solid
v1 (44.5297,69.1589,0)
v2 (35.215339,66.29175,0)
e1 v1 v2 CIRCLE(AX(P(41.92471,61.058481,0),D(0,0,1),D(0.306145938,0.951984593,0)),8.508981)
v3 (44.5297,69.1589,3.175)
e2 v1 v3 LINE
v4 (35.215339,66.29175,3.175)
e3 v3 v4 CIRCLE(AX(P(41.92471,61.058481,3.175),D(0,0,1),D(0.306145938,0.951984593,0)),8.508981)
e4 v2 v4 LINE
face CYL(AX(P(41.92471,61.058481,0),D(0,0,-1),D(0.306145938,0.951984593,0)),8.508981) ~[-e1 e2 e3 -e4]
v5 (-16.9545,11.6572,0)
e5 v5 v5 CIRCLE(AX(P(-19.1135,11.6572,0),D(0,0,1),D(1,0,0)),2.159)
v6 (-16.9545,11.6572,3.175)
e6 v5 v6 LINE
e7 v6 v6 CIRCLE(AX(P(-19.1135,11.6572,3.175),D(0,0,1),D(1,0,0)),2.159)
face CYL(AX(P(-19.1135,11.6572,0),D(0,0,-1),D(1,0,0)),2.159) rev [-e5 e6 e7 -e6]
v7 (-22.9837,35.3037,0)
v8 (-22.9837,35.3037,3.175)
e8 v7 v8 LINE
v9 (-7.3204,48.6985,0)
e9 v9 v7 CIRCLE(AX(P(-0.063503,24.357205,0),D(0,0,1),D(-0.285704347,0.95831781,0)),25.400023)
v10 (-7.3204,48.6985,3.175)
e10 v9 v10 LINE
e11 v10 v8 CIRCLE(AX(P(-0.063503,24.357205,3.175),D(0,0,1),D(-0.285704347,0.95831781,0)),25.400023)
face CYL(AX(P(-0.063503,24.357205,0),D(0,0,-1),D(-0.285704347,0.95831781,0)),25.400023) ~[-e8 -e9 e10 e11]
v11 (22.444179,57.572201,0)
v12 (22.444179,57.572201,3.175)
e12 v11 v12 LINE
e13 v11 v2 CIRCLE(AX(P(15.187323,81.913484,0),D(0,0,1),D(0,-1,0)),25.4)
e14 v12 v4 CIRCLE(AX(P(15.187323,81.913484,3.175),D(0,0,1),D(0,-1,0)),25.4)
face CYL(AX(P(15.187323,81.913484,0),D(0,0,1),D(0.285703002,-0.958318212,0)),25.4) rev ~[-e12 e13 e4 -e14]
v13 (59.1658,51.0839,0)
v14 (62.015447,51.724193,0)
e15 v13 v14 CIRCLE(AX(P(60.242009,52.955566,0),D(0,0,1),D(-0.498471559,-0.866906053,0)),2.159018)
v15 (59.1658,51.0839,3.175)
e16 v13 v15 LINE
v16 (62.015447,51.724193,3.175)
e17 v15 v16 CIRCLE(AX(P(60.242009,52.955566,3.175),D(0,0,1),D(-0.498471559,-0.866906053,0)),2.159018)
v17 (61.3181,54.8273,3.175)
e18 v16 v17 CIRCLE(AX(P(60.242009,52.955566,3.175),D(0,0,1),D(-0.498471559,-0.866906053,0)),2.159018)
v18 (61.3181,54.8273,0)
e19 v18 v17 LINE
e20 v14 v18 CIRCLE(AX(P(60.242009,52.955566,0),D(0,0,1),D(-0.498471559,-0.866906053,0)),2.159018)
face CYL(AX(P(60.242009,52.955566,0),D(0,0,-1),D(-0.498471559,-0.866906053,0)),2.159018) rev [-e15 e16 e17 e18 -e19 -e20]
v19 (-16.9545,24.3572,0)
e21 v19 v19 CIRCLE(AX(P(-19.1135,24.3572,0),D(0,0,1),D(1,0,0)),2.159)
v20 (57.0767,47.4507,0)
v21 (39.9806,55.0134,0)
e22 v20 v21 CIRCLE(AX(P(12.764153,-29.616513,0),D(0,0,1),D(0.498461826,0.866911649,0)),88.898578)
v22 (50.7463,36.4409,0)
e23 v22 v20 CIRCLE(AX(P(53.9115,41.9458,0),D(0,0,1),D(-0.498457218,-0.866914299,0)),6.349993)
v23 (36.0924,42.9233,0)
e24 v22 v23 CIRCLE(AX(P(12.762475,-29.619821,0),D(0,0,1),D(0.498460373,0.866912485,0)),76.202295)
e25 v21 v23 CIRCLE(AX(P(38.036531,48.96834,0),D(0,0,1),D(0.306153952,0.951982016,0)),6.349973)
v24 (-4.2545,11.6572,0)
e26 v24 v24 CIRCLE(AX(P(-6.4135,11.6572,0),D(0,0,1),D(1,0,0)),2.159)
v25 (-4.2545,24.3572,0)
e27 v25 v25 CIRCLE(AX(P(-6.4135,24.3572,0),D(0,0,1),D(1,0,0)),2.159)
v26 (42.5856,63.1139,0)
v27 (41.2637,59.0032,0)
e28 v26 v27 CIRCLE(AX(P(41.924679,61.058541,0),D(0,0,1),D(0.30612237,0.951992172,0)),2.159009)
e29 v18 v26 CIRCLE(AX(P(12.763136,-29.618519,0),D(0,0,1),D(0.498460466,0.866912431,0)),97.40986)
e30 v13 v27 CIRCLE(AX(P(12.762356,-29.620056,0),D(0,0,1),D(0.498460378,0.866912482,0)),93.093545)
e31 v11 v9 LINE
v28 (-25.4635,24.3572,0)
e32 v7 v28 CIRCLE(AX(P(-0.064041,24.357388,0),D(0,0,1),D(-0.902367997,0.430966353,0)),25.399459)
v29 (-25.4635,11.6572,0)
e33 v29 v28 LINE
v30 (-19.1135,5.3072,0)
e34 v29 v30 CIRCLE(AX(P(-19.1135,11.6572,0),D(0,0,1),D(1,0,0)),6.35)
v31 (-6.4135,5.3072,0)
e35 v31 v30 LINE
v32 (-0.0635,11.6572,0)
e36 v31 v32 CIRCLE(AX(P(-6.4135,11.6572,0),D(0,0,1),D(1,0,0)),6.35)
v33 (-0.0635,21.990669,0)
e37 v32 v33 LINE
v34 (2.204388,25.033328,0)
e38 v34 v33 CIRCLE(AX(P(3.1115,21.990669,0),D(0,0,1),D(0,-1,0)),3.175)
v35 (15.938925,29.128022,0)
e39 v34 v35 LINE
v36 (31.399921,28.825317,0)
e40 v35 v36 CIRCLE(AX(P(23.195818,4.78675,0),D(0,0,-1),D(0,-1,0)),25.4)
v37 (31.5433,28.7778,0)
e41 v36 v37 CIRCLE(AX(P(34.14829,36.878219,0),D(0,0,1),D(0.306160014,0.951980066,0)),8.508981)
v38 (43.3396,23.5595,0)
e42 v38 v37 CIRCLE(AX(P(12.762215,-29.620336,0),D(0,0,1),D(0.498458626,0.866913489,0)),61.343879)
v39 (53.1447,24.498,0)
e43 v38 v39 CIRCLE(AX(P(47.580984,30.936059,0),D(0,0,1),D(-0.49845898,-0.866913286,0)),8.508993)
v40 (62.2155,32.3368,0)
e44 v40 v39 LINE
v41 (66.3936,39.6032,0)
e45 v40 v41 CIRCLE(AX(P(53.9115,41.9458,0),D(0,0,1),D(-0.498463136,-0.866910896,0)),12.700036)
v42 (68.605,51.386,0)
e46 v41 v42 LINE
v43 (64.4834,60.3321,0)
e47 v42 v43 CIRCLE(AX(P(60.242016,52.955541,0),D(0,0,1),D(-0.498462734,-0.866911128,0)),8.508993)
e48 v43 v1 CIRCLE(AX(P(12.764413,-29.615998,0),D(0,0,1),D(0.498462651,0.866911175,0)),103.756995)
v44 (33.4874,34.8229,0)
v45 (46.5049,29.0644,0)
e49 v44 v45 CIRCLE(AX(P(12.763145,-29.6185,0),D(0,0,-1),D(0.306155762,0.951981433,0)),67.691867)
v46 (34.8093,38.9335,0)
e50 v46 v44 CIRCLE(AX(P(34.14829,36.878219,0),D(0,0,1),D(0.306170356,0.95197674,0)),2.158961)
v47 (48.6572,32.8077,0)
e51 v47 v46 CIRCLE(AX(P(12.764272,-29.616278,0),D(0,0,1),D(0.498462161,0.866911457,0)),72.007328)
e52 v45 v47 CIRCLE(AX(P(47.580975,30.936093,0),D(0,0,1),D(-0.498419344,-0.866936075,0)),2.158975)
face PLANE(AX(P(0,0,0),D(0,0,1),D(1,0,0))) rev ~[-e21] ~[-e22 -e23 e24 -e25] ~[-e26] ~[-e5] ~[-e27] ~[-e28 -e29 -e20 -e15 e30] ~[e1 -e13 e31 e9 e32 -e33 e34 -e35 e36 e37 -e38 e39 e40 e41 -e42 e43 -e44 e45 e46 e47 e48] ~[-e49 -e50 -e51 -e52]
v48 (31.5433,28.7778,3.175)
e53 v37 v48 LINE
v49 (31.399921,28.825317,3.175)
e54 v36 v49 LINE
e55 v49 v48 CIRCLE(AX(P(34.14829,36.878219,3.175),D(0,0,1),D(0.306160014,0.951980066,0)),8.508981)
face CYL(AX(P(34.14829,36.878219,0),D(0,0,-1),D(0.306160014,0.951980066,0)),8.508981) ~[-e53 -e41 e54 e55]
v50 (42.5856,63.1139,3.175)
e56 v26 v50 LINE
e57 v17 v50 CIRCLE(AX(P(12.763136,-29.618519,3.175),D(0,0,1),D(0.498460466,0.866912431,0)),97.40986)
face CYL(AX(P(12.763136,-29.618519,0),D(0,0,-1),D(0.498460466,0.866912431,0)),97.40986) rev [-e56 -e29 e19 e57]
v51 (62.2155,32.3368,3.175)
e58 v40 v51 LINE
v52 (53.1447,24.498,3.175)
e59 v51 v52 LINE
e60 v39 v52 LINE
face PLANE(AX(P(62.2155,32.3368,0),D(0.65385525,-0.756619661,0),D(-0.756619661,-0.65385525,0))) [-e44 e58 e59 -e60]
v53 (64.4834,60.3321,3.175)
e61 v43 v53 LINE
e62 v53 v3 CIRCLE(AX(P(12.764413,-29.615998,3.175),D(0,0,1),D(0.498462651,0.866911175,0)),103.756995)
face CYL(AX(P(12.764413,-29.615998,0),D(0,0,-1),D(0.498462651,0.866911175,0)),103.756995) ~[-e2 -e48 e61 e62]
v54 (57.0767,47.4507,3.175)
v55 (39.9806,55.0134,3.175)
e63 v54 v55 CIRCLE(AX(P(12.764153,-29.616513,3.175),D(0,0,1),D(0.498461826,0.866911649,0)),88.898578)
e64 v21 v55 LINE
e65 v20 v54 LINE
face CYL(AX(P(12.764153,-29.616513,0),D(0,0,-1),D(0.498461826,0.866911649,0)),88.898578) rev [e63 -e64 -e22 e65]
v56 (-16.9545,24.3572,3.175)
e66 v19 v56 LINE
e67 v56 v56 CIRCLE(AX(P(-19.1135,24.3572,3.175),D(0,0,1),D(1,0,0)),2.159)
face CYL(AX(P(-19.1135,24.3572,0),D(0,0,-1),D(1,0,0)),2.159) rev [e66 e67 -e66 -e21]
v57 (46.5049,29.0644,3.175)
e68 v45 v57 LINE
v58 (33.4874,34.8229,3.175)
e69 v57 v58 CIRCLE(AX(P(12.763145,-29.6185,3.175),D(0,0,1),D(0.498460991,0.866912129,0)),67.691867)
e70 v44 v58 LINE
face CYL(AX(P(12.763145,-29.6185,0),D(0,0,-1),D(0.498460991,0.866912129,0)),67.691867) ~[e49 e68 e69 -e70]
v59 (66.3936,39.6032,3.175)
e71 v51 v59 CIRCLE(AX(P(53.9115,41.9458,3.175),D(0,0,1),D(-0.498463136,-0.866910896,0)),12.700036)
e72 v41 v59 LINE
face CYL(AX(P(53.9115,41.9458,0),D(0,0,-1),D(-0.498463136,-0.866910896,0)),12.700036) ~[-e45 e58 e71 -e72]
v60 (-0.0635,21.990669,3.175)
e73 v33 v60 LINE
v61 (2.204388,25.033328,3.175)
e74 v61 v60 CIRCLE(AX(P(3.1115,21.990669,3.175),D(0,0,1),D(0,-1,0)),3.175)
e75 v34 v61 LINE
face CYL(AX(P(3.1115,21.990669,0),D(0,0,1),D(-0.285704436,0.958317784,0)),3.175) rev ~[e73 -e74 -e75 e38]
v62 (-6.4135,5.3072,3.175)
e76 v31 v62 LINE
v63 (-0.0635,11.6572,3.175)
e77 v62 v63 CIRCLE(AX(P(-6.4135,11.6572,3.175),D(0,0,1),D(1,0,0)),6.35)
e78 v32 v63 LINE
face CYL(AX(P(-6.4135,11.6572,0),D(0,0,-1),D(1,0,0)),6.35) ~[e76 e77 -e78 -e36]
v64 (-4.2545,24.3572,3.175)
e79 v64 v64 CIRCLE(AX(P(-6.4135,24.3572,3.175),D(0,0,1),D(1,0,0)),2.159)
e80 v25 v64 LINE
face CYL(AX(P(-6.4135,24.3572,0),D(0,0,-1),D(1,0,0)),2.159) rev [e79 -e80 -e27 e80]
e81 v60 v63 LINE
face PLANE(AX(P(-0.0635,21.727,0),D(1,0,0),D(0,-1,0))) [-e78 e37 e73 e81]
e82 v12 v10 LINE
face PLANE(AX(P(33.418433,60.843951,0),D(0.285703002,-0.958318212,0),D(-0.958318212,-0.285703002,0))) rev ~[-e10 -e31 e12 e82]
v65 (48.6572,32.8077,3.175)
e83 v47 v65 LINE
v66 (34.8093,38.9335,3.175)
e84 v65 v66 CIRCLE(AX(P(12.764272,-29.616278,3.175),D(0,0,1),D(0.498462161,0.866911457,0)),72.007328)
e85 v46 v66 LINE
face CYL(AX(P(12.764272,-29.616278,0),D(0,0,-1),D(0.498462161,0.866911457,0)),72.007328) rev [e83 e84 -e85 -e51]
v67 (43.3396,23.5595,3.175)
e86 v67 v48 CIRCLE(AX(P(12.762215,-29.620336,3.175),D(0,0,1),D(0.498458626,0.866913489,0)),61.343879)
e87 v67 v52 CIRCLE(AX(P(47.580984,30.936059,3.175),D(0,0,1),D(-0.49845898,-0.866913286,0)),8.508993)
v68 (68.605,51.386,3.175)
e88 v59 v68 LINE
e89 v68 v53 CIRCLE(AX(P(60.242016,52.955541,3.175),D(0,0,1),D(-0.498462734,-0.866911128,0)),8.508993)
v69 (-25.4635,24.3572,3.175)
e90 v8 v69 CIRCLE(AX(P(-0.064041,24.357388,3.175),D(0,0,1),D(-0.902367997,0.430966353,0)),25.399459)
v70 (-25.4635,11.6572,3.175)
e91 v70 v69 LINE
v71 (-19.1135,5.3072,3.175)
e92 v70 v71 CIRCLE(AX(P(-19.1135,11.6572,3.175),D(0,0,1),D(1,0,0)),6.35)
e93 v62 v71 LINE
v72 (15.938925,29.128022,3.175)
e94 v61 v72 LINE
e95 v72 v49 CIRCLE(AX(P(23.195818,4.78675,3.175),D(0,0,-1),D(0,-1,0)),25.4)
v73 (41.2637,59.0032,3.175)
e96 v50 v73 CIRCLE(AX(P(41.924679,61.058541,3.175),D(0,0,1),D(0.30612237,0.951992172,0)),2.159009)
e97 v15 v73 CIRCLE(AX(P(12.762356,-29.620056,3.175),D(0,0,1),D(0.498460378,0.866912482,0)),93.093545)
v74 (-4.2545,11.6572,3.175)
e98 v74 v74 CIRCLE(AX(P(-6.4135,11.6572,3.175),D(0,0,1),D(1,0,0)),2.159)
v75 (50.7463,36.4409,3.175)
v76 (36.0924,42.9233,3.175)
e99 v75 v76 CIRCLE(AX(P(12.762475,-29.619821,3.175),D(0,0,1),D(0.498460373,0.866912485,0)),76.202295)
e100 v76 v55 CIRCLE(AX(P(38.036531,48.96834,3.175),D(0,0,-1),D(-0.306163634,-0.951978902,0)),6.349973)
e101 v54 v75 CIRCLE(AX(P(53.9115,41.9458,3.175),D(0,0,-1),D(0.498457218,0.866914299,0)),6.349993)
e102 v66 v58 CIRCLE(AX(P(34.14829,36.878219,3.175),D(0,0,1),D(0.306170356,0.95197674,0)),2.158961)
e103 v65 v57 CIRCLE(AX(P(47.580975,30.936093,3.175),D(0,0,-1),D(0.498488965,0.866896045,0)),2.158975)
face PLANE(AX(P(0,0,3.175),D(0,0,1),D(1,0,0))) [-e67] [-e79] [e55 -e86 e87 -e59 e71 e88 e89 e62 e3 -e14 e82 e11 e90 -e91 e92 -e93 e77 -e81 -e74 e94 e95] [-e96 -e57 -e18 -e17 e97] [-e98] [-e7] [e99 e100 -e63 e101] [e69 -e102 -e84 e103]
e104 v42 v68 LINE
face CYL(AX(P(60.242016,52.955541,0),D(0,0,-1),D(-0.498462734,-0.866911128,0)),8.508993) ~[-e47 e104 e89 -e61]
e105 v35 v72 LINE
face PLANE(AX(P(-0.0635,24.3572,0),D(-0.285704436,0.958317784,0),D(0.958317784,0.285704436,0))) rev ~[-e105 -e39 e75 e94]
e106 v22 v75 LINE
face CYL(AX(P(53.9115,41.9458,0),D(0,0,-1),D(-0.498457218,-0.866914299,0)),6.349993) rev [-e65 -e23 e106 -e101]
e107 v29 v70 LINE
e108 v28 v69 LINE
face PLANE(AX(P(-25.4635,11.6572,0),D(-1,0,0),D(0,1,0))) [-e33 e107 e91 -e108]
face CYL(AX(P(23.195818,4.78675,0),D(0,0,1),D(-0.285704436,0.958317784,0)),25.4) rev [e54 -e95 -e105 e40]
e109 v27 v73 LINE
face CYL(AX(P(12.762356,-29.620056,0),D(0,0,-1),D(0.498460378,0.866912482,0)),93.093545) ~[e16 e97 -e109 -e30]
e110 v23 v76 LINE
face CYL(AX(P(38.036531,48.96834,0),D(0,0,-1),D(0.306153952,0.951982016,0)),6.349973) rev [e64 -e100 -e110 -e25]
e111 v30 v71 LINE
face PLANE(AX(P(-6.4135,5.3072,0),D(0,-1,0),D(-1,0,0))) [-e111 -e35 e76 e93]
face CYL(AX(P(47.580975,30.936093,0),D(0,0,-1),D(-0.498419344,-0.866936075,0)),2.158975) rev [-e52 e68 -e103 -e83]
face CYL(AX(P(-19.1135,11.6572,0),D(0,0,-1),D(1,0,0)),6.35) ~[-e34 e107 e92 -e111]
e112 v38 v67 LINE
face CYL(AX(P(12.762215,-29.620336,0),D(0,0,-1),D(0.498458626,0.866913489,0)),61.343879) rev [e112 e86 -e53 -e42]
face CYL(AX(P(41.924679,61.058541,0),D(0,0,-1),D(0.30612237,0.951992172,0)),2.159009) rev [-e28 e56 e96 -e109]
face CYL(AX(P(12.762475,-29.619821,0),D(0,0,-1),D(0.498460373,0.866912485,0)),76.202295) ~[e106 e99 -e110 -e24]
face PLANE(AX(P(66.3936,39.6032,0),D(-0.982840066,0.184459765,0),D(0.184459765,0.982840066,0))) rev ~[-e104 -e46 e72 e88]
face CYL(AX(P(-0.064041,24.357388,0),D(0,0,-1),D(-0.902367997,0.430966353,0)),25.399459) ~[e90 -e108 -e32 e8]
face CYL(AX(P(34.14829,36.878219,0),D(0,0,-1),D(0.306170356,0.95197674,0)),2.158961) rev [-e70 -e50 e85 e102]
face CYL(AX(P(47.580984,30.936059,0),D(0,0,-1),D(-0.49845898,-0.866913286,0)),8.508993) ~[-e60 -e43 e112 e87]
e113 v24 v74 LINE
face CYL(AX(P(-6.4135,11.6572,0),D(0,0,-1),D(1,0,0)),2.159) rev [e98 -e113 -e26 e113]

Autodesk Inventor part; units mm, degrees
ref_plane "YZ Plane" through (0, 0, 0) normal (1, 0, 0) x (0, 1, 0)
ref_plane "XZ Plane" through (0, 0, 0) normal (0, 1, 0) x (-1, 0, 0)
ref_plane "XY Plane" through (0, 0, 0) normal (0, 0, 1) x (1, 0, 0)
sketch "Sketch1" plane through (0, 0, 0) normal (0, 0, 1) x (1, 0, 0)
  arc A0 (-0.0635, 21.727) -> (-1.9234, 26.2171) centre (-6.4135, 21.727) ccw projected
  line L0 (-12.7635, 37.0572) -> (-1.9234, 26.2171) projected
  arc A1 (-12.7635, 37.0572) -> (-22.9837, 35.3037) centre (-17.2536, 32.5671) ccw projected
  arc A2 (-22.9837, 35.3037) -> (-25.4635, 24.3572) centre (-0.0635, 24.3572) ccw projected
  line L1 (-25.4635, 8.4822) -> (-25.4635, 24.3572) projected
  arc A3 (-25.4635, 8.4822) -> (-20.3429, -6.8118) centre (-0.0635, 8.4822) ccw projected
  line L2 (2.6238, -37.2648) -> (-20.3429, -6.8118) projected
  arc A4 (2.6238, -37.2648) -> (22.9032, -21.9707) centre (12.7635, -29.6178) ccw projected
  line L3 (1.2167, 6.7848) -> (22.9032, -21.9707) projected
  arc A5 (-0.0635, 10.6083) -> (1.2167, 6.7848) centre (6.2865, 10.6083) ccw projected
  line L4 (-0.0635, 21.727) -> (-0.0635, 10.6083) projected
  circle A6 centre (-19.1135, 24.3572) radius 2.159 projected
  circle A7 centre (-6.4135, 24.3572) radius 2.159 projected
  circle A8 centre (-6.4135, -13.7428) radius 2.159 projected
  circle A9 centre (-6.4135, -1.0428) radius 2.159 projected
  circle A10 centre (-6.4135, 11.6572) radius 2.159 projected
  circle A11 centre (-19.1135, 11.6572) radius 2.159 projected
  circle A12 centre (12.7635, -29.6178) radius 2.159 projected
  line L5 (81.8636, -46.7367) -> (81.8636, 125.7735) construction
  line L6 (61.5605, 6.4848) -> (81.5605, 6.4848) construction
  line L7 (81.5605, 6.4848) -> (81.5605, 146.4848) construction
  line L8 (81.5605, 146.4848) -> (61.5605, 146.4848) construction
  line L9 (61.5605, 146.4848) -> (61.5605, 6.4848) construction
  circle A13 centre (53.9115, 41.9458) radius 25.4 construction
  arc A14 (49.9598, 13.7707) -> (6.7541, 27.2154) centre (12.7635, -29.6178) ccw construction
  arc A15 (53.9115, 41.9458) -> (38.0365, 48.9684) centre (12.7635, -29.6178) ccw construction
  arc A16 (57.0767, 47.4507) -> (39.9806, 55.0134) centre (12.7635, -29.6178) ccw
  arc A17 (50.7463, 36.4409) -> (36.0924, 42.9233) centre (12.7635, -29.6178) ccw
  arc A18 (50.7463, 36.4409) -> (57.0767, 47.4507) centre (53.9115, 41.9458) ccw
  arc A19 (39.9806, 55.0134) -> (36.0924, 42.9233) centre (38.0365, 48.9684) ccw
  circle A20 centre (38.0365, 48.9684) radius 25.4 construction
  arc A21 (53.9115, 41.9458) -> (38.0365, 48.9684) centre (12.7635, -29.6178) ccw construction
  arc A22 (60.242, 52.9556) -> (41.9247, 61.0585) centre (12.7635, -29.6178) ccw construction
  arc A23 (47.581, 30.936) -> (34.1483, 36.8782) centre (12.7635, -29.6178) ccw construction
  arc A24 (47.581, 30.936) -> (60.242, 52.9556) centre (53.9115, 41.9458) ccw
  arc A25 (41.9247, 61.0585) -> (34.1483, 36.8782) centre (38.0365, 48.9684) ccw construction
  circle A26 centre (-19.1135, 11.6572) radius 6.35
  circle A27 centre (-6.4135, 11.6572) radius 6.35
  line L10 (-6.4135, 5.3072) -> (-19.1135, 5.3072)
  line L11 (-0.0635, 21.727) -> (-0.0635, 24.3572)
  arc A28 (47.581, 30.936) -> (34.1483, 36.8782) centre (12.7635, -29.6178) ccw construction
  arc A29 (48.6572, 32.8077) -> (34.8093, 38.9335) centre (12.7635, -29.6178) ccw
  arc A30 (46.5049, 29.0644) -> (33.4874, 34.8229) centre (12.7635, -29.6178) ccw
  arc A31 (46.5049, 29.0644) -> (48.6572, 32.8077) centre (47.581, 30.936) ccw
  arc A32 (34.8093, 38.9335) -> (33.4874, 34.8229) centre (34.1483, 36.8782) ccw
  line L12 (38.0365, 48.9684) -> (12.7635, -29.6178) construction
  line L13 (53.9115, 41.9458) -> (12.7635, -29.6178) construction
  arc A33 (60.242, 52.9556) -> (41.9247, 61.0585) centre (12.7635, -29.6178) ccw construction
  arc A34 (61.3181, 54.8273) -> (42.5856, 63.1139) centre (12.7635, -29.6178) ccw
  arc A35 (59.1658, 51.0839) -> (41.2637, 59.0032) centre (12.7635, -29.6178) ccw
  arc A36 (59.1658, 51.0839) -> (61.3181, 54.8273) centre (60.242, 52.9556) ccw
  arc A37 (42.5856, 63.1139) -> (41.2637, 59.0032) centre (41.9247, 61.0585) ccw
  line L14 (38.0365, 48.9684) -> (41.9247, 61.0585) construction
  arc A38 (56.0006, 45.579) -> (39.3196, 52.9581) centre (12.7635, -29.6178) ccw
  arc A39 (56.0006, 45.579) -> (64.4834, 60.3321) centre (60.242, 52.9556) ccw
  arc A40 (64.4834, 60.3321) -> (44.5297, 69.1589) centre (12.7635, -29.6178) ccw
  arc A41 (44.5297, 69.1589) -> (39.3196, 52.9581) centre (41.9247, 61.0585) ccw
  arc A42 (51.8224, 38.3126) -> (36.7534, 44.9786) centre (12.7635, -29.6178) ccw
  arc A43 (36.7534, 44.9786) -> (31.5433, 28.7778) centre (34.1483, 36.8782) ccw
  arc A44 (43.3396, 23.5595) -> (31.5433, 28.7778) centre (12.7635, -29.6178) ccw
  arc A45 (43.3396, 23.5595) -> (51.8224, 38.3126) centre (47.581, 30.936) ccw
  line L15 (62.2155, 32.3368) -> (53.1447, 24.498)
  line L16 (66.3936, 39.6032) -> (68.605, 51.386)
  line L17 (34.4081, 61.139) -> (-7.3204, 48.6985)
  arc A46 (-7.3204, 48.6985) -> (-22.9837, 35.3037) centre (-0.0635, 24.3572) ccw
  line L18 (-0.0635, 24.3572) -> (37.7202, 35.6217)
  point P0 (0, 0)
  point P1 (-0.0635, 11.6572)
  point P2 (-25.4635, 11.6572)
  point P3 (-12.7635, 11.6572)
  point P4 (33.4184, 60.8439)
  point P5 (26.9132, 32.3998)
  dimension "d0" = 20
  dimension "d1" = 140
  dimension "d2" = 50.8
  dimension "d3" = 57.15
  dimension "d4" = 53.975
  dimension "d6" = 12.7
  dimension "d7" = 38.1
  dimension "d8" = 25.4
  dimension "d11" = 4.318
  dimension "d12" = 12.7
  dimension "d13" = 12.7
  dimension "d14" = 6.35
  dimension "d15" = 6.35
extrude "Extrusion1" add sketch "Sketch1" along normal blind 3.175 contours L4 A27 A26 L1 A2 A1 L0 A0 | A0 L0 A1 A46 L17 A41 A19 A43 L18 L11 | A27 | A27 L10 A26 | A26 | L18 A30 A31 A24 A45 A44 A43 | A43 A19 A17 A18 A45 A24 A31 A29 A32 A30 L18 | A41 A40 A39 A18 A16 A19 | A45 A24 L15 | A18 A39 A24 A45 | A24 A39 L16
fillet "Fillet1" radius 25.4 2 edges at (26.9132, 32.3998, 1.5875) (33.4184, 60.8439, 1.5875)
fillet "Fillet2" radius 3.175 1 edges at (-0.0635, 24.3572, 1.5875)
properties part number "IntakeForearm" material "Polycarbonate, Clear"
